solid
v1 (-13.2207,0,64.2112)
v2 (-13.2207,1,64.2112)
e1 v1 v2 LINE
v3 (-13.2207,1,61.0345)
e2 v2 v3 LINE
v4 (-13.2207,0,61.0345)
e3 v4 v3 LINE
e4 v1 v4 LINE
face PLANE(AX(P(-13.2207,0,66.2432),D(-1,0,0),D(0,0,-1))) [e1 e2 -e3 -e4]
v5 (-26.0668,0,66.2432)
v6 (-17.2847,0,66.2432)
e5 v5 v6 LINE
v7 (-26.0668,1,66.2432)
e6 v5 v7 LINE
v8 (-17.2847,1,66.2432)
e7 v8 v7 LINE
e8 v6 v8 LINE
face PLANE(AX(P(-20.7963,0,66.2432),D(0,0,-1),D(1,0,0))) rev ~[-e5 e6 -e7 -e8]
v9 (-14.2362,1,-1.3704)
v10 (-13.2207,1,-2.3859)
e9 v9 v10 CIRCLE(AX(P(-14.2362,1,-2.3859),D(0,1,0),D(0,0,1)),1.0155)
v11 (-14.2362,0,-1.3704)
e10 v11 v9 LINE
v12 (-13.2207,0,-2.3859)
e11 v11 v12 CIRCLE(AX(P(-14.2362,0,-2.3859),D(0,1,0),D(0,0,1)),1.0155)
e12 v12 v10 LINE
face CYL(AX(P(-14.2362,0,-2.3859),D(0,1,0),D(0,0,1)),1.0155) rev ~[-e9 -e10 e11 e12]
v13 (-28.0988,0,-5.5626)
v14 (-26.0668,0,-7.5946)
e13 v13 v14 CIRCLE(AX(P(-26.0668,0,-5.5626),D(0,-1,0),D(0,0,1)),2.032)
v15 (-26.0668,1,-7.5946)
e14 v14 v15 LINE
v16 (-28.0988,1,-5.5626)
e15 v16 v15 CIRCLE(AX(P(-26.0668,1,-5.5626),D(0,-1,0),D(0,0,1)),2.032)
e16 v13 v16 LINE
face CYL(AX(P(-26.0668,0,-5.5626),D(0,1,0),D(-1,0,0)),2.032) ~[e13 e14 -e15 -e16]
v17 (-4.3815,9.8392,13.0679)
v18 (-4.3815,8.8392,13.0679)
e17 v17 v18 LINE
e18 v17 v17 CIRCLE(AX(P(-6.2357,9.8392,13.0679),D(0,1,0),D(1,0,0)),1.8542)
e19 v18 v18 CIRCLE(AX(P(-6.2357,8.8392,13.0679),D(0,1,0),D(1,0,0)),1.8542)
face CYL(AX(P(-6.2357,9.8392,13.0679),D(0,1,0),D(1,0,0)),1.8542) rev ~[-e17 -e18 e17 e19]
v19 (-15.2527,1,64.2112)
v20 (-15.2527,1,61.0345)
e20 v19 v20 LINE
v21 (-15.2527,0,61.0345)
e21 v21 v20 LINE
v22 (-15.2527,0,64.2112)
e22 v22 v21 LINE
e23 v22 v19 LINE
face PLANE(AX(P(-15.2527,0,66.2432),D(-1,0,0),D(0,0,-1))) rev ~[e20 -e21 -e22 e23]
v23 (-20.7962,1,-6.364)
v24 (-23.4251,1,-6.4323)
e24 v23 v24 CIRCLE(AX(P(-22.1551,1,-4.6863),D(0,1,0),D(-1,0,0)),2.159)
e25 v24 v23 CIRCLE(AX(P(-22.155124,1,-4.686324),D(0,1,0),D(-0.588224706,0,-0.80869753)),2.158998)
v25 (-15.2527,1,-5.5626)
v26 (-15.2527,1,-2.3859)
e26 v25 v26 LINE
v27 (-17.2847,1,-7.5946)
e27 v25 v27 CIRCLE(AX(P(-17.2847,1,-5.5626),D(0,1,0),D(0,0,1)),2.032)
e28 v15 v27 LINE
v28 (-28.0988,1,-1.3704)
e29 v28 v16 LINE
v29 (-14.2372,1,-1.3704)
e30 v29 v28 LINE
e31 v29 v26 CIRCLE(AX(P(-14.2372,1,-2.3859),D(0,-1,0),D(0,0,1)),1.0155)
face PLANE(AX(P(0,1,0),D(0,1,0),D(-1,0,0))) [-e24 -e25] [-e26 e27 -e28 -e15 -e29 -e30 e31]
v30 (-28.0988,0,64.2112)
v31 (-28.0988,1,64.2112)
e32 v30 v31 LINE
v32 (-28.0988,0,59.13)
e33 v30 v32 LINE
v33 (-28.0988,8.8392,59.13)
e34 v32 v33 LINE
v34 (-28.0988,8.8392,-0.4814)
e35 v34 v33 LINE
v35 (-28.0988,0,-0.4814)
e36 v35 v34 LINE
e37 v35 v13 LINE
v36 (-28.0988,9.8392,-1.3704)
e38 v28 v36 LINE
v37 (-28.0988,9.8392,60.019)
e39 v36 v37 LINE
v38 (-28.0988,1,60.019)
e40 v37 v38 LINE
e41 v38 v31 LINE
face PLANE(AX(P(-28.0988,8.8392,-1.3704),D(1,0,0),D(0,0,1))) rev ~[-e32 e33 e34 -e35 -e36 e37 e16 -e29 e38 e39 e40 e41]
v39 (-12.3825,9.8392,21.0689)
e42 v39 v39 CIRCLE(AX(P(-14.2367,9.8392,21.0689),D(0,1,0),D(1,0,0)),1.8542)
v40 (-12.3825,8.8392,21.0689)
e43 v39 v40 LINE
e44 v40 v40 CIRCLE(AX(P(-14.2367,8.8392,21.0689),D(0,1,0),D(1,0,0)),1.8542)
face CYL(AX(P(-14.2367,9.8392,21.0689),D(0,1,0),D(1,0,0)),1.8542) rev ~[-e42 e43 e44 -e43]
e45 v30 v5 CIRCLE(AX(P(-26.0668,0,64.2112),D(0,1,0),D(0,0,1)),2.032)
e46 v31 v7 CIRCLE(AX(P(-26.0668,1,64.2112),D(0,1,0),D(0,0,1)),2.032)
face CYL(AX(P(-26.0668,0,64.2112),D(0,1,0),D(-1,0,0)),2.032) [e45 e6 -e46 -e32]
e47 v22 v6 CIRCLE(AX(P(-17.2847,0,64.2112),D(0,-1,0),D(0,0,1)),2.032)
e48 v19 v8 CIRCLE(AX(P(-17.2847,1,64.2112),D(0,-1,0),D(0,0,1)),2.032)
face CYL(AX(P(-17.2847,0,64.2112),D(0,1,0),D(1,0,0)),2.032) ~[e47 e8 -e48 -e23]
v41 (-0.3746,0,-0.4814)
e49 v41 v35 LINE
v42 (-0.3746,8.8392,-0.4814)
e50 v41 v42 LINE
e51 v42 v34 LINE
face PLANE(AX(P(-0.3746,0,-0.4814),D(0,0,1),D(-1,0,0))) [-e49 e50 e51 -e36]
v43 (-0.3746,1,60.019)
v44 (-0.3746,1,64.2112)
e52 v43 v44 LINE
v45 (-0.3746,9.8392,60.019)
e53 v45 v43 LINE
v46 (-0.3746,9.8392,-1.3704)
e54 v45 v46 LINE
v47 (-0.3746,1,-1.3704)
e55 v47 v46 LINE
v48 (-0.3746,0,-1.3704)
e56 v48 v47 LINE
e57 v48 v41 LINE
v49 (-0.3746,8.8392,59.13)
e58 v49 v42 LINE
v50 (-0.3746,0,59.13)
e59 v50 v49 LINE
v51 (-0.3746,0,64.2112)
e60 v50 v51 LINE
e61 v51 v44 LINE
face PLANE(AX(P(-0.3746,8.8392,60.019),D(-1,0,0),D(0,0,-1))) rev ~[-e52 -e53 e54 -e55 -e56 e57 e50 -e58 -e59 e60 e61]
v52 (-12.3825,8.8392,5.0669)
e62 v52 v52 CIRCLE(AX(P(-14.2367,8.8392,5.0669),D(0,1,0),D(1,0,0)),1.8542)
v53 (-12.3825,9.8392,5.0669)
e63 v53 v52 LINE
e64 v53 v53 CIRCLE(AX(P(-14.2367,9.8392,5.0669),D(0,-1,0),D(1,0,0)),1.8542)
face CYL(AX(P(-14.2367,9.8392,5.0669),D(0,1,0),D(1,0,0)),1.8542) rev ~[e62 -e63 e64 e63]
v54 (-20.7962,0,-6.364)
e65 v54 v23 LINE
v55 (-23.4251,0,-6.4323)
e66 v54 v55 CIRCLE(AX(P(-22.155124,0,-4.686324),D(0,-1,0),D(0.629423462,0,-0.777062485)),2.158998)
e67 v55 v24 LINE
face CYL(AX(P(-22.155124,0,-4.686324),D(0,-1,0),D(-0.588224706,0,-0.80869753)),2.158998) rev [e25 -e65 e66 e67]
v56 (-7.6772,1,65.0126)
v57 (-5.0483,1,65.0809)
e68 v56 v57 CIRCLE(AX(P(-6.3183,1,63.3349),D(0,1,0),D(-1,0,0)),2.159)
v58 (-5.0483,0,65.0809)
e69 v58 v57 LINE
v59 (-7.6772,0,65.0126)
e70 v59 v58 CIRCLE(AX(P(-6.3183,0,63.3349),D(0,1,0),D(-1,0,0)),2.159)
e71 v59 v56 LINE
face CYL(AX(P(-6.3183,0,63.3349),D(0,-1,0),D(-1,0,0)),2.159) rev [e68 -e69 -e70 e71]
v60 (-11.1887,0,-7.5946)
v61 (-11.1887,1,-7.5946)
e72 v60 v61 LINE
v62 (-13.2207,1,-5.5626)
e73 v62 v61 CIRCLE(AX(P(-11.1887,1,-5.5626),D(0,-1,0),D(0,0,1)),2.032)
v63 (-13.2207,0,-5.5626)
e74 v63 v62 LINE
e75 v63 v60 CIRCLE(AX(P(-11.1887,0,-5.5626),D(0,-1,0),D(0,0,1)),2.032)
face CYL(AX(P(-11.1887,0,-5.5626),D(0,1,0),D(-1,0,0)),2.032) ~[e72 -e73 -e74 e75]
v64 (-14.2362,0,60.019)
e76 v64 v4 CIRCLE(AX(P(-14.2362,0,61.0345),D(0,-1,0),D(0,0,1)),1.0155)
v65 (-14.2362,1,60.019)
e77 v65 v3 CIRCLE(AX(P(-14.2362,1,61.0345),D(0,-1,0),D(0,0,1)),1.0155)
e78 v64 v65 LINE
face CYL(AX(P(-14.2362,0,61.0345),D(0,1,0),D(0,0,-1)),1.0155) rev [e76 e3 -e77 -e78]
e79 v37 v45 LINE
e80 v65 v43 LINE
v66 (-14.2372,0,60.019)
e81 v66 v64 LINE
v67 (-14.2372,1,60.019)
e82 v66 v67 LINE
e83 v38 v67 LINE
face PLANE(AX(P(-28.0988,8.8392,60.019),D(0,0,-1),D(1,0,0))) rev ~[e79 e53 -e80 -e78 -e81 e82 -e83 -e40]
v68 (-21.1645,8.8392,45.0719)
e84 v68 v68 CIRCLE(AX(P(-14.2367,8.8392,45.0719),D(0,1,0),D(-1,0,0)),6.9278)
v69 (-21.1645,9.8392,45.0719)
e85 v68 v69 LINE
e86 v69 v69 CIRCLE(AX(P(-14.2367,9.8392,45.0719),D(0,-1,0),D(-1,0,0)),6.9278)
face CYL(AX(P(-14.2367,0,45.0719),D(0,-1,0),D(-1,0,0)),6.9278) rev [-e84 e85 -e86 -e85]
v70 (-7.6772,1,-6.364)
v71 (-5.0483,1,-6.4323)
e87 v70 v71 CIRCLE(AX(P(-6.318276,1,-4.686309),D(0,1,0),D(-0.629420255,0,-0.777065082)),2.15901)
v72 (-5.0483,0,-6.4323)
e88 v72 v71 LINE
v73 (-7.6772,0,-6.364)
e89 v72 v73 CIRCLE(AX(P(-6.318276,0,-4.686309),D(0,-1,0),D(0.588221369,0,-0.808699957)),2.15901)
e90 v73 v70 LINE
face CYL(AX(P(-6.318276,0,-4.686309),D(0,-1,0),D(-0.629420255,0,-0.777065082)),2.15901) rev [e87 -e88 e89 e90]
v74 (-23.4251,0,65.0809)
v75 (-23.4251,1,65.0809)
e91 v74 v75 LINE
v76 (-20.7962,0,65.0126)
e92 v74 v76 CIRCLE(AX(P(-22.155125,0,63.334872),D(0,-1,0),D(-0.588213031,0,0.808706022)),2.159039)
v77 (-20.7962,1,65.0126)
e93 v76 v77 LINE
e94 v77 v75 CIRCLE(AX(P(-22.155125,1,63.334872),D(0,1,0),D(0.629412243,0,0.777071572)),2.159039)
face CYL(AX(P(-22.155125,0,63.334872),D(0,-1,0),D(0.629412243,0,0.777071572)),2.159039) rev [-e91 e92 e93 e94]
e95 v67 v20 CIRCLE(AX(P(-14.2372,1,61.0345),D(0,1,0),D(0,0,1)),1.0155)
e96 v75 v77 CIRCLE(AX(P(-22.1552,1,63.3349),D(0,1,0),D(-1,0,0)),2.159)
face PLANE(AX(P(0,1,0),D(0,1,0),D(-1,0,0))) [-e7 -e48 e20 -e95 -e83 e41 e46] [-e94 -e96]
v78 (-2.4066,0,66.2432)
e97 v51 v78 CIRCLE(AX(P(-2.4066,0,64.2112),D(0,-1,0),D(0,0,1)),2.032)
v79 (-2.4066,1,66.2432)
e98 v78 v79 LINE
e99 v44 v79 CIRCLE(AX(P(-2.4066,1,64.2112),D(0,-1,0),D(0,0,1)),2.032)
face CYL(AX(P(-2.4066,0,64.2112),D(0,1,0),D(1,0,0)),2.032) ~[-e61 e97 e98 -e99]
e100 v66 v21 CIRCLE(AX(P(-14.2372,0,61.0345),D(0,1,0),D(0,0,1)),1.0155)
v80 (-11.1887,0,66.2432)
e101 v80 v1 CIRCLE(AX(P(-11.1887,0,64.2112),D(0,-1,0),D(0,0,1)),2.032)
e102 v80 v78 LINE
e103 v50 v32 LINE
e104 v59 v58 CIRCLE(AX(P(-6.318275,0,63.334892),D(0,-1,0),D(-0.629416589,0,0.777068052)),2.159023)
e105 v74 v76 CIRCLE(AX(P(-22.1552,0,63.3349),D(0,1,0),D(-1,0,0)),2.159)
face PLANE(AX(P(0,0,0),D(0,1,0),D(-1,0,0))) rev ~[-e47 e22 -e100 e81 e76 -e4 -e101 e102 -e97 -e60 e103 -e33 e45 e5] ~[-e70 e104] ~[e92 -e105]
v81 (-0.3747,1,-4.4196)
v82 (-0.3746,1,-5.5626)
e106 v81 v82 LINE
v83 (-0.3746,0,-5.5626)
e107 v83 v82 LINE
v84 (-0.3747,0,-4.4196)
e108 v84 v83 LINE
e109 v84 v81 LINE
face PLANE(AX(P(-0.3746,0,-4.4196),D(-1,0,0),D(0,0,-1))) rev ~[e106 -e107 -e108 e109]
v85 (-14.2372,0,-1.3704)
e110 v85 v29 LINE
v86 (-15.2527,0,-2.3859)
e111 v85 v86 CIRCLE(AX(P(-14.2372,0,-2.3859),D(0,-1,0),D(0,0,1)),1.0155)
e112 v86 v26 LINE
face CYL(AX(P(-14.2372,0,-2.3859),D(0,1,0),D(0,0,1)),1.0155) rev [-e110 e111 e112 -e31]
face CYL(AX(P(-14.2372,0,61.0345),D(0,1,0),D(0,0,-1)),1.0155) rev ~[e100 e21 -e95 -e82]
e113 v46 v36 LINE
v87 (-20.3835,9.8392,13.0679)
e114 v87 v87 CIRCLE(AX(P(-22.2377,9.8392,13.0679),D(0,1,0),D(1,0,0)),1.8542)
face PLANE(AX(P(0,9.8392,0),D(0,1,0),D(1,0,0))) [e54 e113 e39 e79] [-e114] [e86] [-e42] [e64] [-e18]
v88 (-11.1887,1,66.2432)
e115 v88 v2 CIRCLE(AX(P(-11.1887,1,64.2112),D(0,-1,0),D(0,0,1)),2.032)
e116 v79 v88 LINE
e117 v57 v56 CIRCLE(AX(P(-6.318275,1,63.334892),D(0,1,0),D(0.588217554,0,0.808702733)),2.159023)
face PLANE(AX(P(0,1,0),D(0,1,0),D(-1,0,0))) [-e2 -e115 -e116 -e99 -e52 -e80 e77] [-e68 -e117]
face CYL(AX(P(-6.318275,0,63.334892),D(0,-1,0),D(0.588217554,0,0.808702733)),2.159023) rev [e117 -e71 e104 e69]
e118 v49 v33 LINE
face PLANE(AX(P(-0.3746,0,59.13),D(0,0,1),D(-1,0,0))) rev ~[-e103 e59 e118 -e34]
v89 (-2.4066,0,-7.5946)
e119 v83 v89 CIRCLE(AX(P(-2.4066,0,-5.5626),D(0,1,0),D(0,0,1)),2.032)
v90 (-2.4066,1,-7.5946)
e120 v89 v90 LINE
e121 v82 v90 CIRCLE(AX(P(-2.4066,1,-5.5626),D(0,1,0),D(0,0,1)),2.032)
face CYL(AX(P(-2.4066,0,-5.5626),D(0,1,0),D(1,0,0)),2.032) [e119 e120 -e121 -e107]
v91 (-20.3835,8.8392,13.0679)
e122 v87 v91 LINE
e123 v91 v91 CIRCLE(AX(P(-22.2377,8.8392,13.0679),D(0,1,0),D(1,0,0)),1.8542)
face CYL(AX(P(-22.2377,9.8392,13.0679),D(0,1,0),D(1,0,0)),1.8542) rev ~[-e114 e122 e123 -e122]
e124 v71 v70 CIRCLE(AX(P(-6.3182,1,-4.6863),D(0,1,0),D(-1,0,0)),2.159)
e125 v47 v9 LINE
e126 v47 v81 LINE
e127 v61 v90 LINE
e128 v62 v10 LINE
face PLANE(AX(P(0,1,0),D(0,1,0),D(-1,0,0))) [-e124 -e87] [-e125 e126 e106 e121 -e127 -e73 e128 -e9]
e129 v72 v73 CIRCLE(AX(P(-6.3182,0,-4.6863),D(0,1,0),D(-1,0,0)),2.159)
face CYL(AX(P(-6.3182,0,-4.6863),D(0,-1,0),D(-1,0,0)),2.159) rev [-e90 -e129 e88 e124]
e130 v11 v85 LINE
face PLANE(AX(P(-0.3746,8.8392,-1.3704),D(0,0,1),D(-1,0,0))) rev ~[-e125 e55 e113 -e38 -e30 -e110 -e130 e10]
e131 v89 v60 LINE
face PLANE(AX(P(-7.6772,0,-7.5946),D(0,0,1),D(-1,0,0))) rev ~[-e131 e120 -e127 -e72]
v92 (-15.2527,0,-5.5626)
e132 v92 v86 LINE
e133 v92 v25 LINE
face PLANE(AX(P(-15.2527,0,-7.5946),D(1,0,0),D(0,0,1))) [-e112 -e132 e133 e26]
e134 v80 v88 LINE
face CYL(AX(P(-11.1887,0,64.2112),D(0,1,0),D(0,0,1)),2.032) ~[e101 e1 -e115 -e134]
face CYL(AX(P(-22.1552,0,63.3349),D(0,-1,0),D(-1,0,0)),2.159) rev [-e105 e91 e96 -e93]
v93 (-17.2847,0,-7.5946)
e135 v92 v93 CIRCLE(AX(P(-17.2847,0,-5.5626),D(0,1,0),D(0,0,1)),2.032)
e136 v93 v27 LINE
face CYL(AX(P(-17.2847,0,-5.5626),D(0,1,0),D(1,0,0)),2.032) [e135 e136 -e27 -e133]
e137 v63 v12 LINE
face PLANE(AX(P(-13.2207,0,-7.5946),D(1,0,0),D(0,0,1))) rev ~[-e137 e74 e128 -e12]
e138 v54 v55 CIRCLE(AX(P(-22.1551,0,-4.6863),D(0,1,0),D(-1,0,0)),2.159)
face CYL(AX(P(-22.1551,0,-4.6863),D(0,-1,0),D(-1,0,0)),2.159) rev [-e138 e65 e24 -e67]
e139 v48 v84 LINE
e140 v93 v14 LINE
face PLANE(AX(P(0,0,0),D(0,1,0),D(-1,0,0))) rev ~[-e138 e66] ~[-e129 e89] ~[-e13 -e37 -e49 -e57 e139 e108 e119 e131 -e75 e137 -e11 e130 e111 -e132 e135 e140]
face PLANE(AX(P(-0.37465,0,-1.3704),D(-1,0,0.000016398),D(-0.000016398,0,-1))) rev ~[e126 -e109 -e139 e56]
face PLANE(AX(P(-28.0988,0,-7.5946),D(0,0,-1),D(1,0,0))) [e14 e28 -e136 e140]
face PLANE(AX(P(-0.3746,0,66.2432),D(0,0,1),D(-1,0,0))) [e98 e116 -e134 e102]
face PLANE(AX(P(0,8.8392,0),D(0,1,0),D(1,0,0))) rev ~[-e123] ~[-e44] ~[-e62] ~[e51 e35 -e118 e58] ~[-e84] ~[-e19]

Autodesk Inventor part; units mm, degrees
ref_plane "YZ Plane" through (0, 0, 0) normal (1, 0, 0) x (0, 1, 0)
ref_plane "XZ Plane" through (0, 0, 0) normal (0, 1, 0) x (-1, 0, 0)
ref_plane "XY Plane" through (0, 0, 0) normal (0, 0, 1) x (1, 0, 0)
sketch "Sketch1" plane through (0, 0, 0) normal (0, 1, 0) x (-1, 0, 0)
  line L0 (0.3746, 1.6788) -> (0.3747, -4.4196)
  line L1 (3.5497, -7.5946) -> (5.0483, -7.5946)
  arc A0 (7.6772, -6.364) -> (5.0483, -6.4323) centre (6.3183, -4.6863) ccw
  line L2 (7.6772, -7.5946) -> (20.7963, -7.5946)
  arc A1 (23.4251, -6.4323) -> (20.7962, -6.364) centre (22.1552, -4.6863) ccw
  line L3 (23.4252, -7.5946) -> (24.9238, -7.5946)
  line L4 (20.7963, 66.2432) -> (7.6772, 66.2432)
  arc A2 (5.0483, 65.0809) -> (7.6772, 65.0126) centre (6.3183, 63.3349) ccw
  line L5 (5.0483, 66.2432) -> (3.5496, 66.2432)
  line L6 (24.9237, 66.2432) -> (23.4252, 66.2432)
  arc A3 (20.7962, 65.0126) -> (23.4251, 65.0809) centre (22.1552, 63.3349) ccw
  circle A4 centre (14.2367, 45.0719) radius 6.9278
  arc A5 (1.9876, 15.9067) -> (5.1626, 12.7318) centre (5.1626, 15.9067) ccw
  line L7 (5.1626, 12.7318) -> (23.3109, 12.7318)
  arc A6 (23.3109, 12.7318) -> (26.4859, 15.9068) centre (23.3109, 15.9068) ccw
  line L8 (26.4859, 15.9068) -> (26.4859, 45.1707)
  arc A7 (26.4859, 45.1707) -> (1.9876, 45.1707) centre (14.2367, 45.0719) ccw
  line L9 (1.9876, 45.1707) -> (1.9876, 15.9067)
  arc A8 (27.813, 45.1759) -> (0.6604, 45.1759) centre (14.2367, 45.0719) ccw
  circle A9 centre (14.2367, 45.0719) radius 6.9278
  line L10 (0.3746, 66.2432) -> (13.2207, 66.2432)
  line L11 (13.2207, 66.2432) -> (13.2207, 60.019)
  line L12 (13.2207, 60.019) -> (0.3746, 60.019)
  line L13 (0.3746, 60.019) -> (0.3746, 66.2432)
  line L14 (0.3746, 60.019) -> (13.2207, 60.019)
  line L15 (13.2207, 60.019) -> (13.2207, 59.1663)
  line L16 (13.2207, 59.1663) -> (0.3746, 59.1663)
  line L17 (0.3746, 59.1663) -> (0.3746, 60.019)
  line L18 (14.2367, 45.0719) -> (14.2367, 66.2432)
  line L19 (28.0988, 66.2432) -> (15.2527, 66.2432)
  line L20 (15.2527, 66.2432) -> (15.2527, 60.019)
  line L21 (28.0988, 60.019) -> (28.0988, 66.2432)
  line L22 (28.0988, 60.019) -> (15.2527, 60.019)
  line L23 (15.2527, 60.019) -> (15.2527, 59.1663)
  line L24 (15.2527, 59.1663) -> (28.0988, 59.1663)
  line L25 (28.0988, 59.1663) -> (28.0988, 60.019)
  circle A10 centre (6.3183, 63.3349) radius 2.159
  circle A11 centre (22.1552, 63.3349) radius 2.159
  line L26 (0.3746, 66.2432) -> (0.3746, -7.5946)
  line L27 (0.3746, 29.3243) -> (28.0988, 29.3243)
  line L28 (20.7963, -7.5946) -> (7.6772, -7.5946)
  arc A12 (7.6772, -6.364) -> (5.0483, -6.4323) centre (6.3182, -4.6863) ccw
  line L29 (5.0483, -7.5946) -> (3.5497, -7.5946)
  line L30 (24.9238, -7.5946) -> (23.4252, -7.5946)
  arc A13 (23.4251, -6.4323) -> (20.7962, -6.364) centre (22.1551, -4.6863) ccw
  line L31 (0.3746, -7.5946) -> (13.2207, -7.5946)
  line L32 (13.2207, -7.5946) -> (13.2207, -1.3704)
  line L33 (13.2207, -1.3704) -> (0.3746, -1.3704)
  line L34 (0.3746, -1.3704) -> (0.3746, -7.5946)
  line L35 (0.3746, -1.3704) -> (13.2207, -1.3704)
  line L36 (13.2207, -1.3704) -> (13.2207, -0.5177)
  line L37 (13.2207, -0.5177) -> (0.3746, -0.5177)
  line L38 (0.3746, -0.5177) -> (0.3746, -1.3704)
  line L39 (28.0988, -1.3704) -> (28.0988, -7.5946)
  line L40 (28.0988, -7.5946) -> (15.2527, -7.5946)
  line L41 (15.2527, -7.5946) -> (15.2527, -1.3704)
  line L42 (28.0988, -1.3704) -> (15.2527, -1.3704)
  line L43 (15.2527, -0.5177) -> (28.0988, -0.5177)
  line L44 (15.2527, -1.3704) -> (15.2527, -0.5177)
  line L45 (28.0988, -0.5177) -> (28.0988, -1.3704)
  circle A14 centre (6.3182, -4.6863) radius 2.159
  circle A15 centre (22.1551, -4.6863) radius 2.159
  line L46 (28.0988, -7.5946) -> (15.2527, -7.5946)
  line L47 (15.2527, -7.5946) -> (15.2527, -1.3704)
  line L48 (15.2527, -1.3704) -> (28.0988, -1.3704)
  line L49 (28.0988, -1.3704) -> (28.0988, -7.5946)
  line L50 (13.2207, -7.5946) -> (0.3746, -7.5946)
  line L51 (0.3746, -7.5946) -> (0.3746, -1.3704)
  line L52 (0.3746, -1.3704) -> (13.2207, -1.3704)
  line L53 (13.2207, -1.3704) -> (13.2207, -7.5946)
  line L54 (28.0988, 66.2432) -> (15.2527, 66.2432)
  line L55 (15.2527, 66.2432) -> (15.2527, 60.019)
  line L56 (15.2527, 60.019) -> (28.0988, 60.019)
  line L57 (28.0988, 60.019) -> (28.0988, 66.2432)
  point P0 (0, 0)
  point P1 (0, 20.6785)
  point P2 (14.2367, -7.5946)
extrude "Extrusion1" add sketch "Sketch1" along normal blind 1 contours L41 L42 L39 L40 L3 L2 | L4 L19 L6 L21 L22 L20 | L33 L32 L2 L31 L1 L26 L0 | L13 L10 L5 L4 L11 L12
sketch "Sketch2" plane through (0, 0, 0) normal (0, -1, 0) x (1, 0, 0)
  circle A0 centre (-22.1552, 63.3349) radius 2.159 projected
  line L0 (-28.0988, 66.2432) -> (-15.2527, 66.2432) projected
  line L1 (-28.0988, 60.019) -> (-28.0988, 66.2432) projected
  line L2 (-15.2527, 60.019) -> (-28.0988, 60.019) projected
  line L3 (-15.2527, 66.2432) -> (-15.2527, 60.019) projected
  circle A1 centre (-6.3183, 63.3349) radius 2.159 projected
  line L4 (-0.3746, 66.2432) -> (-0.3746, 60.019) projected
  line L5 (-13.2207, 66.2432) -> (-0.3746, 66.2432) projected
  line L6 (-13.2207, 60.019) -> (-13.2207, 66.2432) projected
  line L7 (-0.3746, 60.019) -> (-13.2207, 60.019) projected
  circle A2 centre (-22.1551, -4.6863) radius 2.159 projected
  line L8 (-15.2527, -1.3704) -> (-15.2527, -7.5946) projected
  line L9 (-28.0988, -1.3704) -> (-15.2527, -1.3704) projected
  line L10 (-28.0988, -7.5946) -> (-28.0988, -1.3704) projected
  line L11 (-15.2527, -7.5946) -> (-28.0988, -7.5946) projected
  line L12 (-28.0988, 60.019) -> (-0.3746, 60.019)
  line L13 (-0.3746, 60.019) -> (-0.3746, 59.13)
  line L14 (-0.3746, 59.13) -> (-28.0988, 59.13)
  line L15 (-28.0988, 59.13) -> (-28.0988, 60.019)
  line L16 (-28.0988, -1.3704) -> (-0.3746, -1.3704)
  line L17 (-0.3746, -1.3704) -> (-0.3746, -0.4814)
  line L18 (-0.3746, -0.4814) -> (-28.0988, -0.4814)
  line L19 (-28.0988, -0.4814) -> (-28.0988, -1.3704)
  point P0 (0, 0)
  dimension "d2" = 0.889
  dimension "d3" = 0.889
extrude "Extrusion2" add sketch "Sketch2" against normal blind 8.8392 contours L2 L12 L7 L13 L14 L15 | L9 L19 L18 L17 L16
sketch "Sketch3" plane through (0, 8.8392, 0) normal (0, 1, 0) x (1, 0, 0)
  line L0 (-0.3746, 1.3704) -> (-28.0988, 1.3704)
  line L1 (-28.0988, 1.3704) -> (-28.0988, -60.019)
  line L2 (-28.0988, -60.019) -> (-0.3746, -60.019)
  line L3 (-0.3746, -60.019) -> (-0.3746, 1.3704)
  point P0 (0, 0)
extrude "Extrusion3" add sketch "Sketch3" along normal blind 1
fillet "Fillet1" radius 2.032 8 edges at (-28.0988, 0.5, 66.2432) (-15.2527, 0.5, 66.2432) (-13.2207, 0.5, 66.2432) (-0.3746, 0.5, 66.2432) (-0.3746, 0.5, -7.5946) (-13.2207, 0.5, -7.5946) (-15.2527, 0.5, -7.5946) (-28.0988, 0.5, -7.5946)
fillet "Fillet2" radius 1.016 4 edges at (-13.2207, 0.5, -1.3704) (-15.2527, 0.5, -1.3704) (-15.2527, 0.5, 60.019) (-13.2207, 0.5, 60.019)
extrude "Extrusion4" cut sketch "Sketch1" along normal blind 127 contours A4
sketch "Sketch4" plane through (0, 9.8392, 0) normal (0, 1, 0) x (1, 0, 0)
  circle A0 centre (-14.2367, -45.0719) radius 6.9278 projected
  line L0 (-28.0988, 1.3704) -> (-28.0988, -60.019) projected
  circle A1 centre (-14.2367, -45.0719) radius 4.0005
  circle A2 centre (-14.2367, -13.0679) radius 4.0005
  line L1 (-14.2367, -13.0679) -> (-14.2367, -5.0669)
  circle A3 centre (-14.2367, -5.0669) radius 1.8542
  circle A4 centre (-22.2377, -13.0679) radius 1.8542
  circle A5 centre (-14.2367, -21.0689) radius 1.8542
  circle A6 centre (-6.2357, -13.0679) radius 1.8542
  point P0 (0, 0)
  dimension "d12" = 8.001
  dimension "d15" = 32.004
  dimension "d20" = 8.001
  dimension "d21" = 3.7084
  dimension "d24" = 360
extrude "Extrusion5" cut sketch "Sketch4" against normal blind 127 contours A3 | A4 | A5 | A6
properties part number "Quarter-Scale Servo Front Mount Bracket"
